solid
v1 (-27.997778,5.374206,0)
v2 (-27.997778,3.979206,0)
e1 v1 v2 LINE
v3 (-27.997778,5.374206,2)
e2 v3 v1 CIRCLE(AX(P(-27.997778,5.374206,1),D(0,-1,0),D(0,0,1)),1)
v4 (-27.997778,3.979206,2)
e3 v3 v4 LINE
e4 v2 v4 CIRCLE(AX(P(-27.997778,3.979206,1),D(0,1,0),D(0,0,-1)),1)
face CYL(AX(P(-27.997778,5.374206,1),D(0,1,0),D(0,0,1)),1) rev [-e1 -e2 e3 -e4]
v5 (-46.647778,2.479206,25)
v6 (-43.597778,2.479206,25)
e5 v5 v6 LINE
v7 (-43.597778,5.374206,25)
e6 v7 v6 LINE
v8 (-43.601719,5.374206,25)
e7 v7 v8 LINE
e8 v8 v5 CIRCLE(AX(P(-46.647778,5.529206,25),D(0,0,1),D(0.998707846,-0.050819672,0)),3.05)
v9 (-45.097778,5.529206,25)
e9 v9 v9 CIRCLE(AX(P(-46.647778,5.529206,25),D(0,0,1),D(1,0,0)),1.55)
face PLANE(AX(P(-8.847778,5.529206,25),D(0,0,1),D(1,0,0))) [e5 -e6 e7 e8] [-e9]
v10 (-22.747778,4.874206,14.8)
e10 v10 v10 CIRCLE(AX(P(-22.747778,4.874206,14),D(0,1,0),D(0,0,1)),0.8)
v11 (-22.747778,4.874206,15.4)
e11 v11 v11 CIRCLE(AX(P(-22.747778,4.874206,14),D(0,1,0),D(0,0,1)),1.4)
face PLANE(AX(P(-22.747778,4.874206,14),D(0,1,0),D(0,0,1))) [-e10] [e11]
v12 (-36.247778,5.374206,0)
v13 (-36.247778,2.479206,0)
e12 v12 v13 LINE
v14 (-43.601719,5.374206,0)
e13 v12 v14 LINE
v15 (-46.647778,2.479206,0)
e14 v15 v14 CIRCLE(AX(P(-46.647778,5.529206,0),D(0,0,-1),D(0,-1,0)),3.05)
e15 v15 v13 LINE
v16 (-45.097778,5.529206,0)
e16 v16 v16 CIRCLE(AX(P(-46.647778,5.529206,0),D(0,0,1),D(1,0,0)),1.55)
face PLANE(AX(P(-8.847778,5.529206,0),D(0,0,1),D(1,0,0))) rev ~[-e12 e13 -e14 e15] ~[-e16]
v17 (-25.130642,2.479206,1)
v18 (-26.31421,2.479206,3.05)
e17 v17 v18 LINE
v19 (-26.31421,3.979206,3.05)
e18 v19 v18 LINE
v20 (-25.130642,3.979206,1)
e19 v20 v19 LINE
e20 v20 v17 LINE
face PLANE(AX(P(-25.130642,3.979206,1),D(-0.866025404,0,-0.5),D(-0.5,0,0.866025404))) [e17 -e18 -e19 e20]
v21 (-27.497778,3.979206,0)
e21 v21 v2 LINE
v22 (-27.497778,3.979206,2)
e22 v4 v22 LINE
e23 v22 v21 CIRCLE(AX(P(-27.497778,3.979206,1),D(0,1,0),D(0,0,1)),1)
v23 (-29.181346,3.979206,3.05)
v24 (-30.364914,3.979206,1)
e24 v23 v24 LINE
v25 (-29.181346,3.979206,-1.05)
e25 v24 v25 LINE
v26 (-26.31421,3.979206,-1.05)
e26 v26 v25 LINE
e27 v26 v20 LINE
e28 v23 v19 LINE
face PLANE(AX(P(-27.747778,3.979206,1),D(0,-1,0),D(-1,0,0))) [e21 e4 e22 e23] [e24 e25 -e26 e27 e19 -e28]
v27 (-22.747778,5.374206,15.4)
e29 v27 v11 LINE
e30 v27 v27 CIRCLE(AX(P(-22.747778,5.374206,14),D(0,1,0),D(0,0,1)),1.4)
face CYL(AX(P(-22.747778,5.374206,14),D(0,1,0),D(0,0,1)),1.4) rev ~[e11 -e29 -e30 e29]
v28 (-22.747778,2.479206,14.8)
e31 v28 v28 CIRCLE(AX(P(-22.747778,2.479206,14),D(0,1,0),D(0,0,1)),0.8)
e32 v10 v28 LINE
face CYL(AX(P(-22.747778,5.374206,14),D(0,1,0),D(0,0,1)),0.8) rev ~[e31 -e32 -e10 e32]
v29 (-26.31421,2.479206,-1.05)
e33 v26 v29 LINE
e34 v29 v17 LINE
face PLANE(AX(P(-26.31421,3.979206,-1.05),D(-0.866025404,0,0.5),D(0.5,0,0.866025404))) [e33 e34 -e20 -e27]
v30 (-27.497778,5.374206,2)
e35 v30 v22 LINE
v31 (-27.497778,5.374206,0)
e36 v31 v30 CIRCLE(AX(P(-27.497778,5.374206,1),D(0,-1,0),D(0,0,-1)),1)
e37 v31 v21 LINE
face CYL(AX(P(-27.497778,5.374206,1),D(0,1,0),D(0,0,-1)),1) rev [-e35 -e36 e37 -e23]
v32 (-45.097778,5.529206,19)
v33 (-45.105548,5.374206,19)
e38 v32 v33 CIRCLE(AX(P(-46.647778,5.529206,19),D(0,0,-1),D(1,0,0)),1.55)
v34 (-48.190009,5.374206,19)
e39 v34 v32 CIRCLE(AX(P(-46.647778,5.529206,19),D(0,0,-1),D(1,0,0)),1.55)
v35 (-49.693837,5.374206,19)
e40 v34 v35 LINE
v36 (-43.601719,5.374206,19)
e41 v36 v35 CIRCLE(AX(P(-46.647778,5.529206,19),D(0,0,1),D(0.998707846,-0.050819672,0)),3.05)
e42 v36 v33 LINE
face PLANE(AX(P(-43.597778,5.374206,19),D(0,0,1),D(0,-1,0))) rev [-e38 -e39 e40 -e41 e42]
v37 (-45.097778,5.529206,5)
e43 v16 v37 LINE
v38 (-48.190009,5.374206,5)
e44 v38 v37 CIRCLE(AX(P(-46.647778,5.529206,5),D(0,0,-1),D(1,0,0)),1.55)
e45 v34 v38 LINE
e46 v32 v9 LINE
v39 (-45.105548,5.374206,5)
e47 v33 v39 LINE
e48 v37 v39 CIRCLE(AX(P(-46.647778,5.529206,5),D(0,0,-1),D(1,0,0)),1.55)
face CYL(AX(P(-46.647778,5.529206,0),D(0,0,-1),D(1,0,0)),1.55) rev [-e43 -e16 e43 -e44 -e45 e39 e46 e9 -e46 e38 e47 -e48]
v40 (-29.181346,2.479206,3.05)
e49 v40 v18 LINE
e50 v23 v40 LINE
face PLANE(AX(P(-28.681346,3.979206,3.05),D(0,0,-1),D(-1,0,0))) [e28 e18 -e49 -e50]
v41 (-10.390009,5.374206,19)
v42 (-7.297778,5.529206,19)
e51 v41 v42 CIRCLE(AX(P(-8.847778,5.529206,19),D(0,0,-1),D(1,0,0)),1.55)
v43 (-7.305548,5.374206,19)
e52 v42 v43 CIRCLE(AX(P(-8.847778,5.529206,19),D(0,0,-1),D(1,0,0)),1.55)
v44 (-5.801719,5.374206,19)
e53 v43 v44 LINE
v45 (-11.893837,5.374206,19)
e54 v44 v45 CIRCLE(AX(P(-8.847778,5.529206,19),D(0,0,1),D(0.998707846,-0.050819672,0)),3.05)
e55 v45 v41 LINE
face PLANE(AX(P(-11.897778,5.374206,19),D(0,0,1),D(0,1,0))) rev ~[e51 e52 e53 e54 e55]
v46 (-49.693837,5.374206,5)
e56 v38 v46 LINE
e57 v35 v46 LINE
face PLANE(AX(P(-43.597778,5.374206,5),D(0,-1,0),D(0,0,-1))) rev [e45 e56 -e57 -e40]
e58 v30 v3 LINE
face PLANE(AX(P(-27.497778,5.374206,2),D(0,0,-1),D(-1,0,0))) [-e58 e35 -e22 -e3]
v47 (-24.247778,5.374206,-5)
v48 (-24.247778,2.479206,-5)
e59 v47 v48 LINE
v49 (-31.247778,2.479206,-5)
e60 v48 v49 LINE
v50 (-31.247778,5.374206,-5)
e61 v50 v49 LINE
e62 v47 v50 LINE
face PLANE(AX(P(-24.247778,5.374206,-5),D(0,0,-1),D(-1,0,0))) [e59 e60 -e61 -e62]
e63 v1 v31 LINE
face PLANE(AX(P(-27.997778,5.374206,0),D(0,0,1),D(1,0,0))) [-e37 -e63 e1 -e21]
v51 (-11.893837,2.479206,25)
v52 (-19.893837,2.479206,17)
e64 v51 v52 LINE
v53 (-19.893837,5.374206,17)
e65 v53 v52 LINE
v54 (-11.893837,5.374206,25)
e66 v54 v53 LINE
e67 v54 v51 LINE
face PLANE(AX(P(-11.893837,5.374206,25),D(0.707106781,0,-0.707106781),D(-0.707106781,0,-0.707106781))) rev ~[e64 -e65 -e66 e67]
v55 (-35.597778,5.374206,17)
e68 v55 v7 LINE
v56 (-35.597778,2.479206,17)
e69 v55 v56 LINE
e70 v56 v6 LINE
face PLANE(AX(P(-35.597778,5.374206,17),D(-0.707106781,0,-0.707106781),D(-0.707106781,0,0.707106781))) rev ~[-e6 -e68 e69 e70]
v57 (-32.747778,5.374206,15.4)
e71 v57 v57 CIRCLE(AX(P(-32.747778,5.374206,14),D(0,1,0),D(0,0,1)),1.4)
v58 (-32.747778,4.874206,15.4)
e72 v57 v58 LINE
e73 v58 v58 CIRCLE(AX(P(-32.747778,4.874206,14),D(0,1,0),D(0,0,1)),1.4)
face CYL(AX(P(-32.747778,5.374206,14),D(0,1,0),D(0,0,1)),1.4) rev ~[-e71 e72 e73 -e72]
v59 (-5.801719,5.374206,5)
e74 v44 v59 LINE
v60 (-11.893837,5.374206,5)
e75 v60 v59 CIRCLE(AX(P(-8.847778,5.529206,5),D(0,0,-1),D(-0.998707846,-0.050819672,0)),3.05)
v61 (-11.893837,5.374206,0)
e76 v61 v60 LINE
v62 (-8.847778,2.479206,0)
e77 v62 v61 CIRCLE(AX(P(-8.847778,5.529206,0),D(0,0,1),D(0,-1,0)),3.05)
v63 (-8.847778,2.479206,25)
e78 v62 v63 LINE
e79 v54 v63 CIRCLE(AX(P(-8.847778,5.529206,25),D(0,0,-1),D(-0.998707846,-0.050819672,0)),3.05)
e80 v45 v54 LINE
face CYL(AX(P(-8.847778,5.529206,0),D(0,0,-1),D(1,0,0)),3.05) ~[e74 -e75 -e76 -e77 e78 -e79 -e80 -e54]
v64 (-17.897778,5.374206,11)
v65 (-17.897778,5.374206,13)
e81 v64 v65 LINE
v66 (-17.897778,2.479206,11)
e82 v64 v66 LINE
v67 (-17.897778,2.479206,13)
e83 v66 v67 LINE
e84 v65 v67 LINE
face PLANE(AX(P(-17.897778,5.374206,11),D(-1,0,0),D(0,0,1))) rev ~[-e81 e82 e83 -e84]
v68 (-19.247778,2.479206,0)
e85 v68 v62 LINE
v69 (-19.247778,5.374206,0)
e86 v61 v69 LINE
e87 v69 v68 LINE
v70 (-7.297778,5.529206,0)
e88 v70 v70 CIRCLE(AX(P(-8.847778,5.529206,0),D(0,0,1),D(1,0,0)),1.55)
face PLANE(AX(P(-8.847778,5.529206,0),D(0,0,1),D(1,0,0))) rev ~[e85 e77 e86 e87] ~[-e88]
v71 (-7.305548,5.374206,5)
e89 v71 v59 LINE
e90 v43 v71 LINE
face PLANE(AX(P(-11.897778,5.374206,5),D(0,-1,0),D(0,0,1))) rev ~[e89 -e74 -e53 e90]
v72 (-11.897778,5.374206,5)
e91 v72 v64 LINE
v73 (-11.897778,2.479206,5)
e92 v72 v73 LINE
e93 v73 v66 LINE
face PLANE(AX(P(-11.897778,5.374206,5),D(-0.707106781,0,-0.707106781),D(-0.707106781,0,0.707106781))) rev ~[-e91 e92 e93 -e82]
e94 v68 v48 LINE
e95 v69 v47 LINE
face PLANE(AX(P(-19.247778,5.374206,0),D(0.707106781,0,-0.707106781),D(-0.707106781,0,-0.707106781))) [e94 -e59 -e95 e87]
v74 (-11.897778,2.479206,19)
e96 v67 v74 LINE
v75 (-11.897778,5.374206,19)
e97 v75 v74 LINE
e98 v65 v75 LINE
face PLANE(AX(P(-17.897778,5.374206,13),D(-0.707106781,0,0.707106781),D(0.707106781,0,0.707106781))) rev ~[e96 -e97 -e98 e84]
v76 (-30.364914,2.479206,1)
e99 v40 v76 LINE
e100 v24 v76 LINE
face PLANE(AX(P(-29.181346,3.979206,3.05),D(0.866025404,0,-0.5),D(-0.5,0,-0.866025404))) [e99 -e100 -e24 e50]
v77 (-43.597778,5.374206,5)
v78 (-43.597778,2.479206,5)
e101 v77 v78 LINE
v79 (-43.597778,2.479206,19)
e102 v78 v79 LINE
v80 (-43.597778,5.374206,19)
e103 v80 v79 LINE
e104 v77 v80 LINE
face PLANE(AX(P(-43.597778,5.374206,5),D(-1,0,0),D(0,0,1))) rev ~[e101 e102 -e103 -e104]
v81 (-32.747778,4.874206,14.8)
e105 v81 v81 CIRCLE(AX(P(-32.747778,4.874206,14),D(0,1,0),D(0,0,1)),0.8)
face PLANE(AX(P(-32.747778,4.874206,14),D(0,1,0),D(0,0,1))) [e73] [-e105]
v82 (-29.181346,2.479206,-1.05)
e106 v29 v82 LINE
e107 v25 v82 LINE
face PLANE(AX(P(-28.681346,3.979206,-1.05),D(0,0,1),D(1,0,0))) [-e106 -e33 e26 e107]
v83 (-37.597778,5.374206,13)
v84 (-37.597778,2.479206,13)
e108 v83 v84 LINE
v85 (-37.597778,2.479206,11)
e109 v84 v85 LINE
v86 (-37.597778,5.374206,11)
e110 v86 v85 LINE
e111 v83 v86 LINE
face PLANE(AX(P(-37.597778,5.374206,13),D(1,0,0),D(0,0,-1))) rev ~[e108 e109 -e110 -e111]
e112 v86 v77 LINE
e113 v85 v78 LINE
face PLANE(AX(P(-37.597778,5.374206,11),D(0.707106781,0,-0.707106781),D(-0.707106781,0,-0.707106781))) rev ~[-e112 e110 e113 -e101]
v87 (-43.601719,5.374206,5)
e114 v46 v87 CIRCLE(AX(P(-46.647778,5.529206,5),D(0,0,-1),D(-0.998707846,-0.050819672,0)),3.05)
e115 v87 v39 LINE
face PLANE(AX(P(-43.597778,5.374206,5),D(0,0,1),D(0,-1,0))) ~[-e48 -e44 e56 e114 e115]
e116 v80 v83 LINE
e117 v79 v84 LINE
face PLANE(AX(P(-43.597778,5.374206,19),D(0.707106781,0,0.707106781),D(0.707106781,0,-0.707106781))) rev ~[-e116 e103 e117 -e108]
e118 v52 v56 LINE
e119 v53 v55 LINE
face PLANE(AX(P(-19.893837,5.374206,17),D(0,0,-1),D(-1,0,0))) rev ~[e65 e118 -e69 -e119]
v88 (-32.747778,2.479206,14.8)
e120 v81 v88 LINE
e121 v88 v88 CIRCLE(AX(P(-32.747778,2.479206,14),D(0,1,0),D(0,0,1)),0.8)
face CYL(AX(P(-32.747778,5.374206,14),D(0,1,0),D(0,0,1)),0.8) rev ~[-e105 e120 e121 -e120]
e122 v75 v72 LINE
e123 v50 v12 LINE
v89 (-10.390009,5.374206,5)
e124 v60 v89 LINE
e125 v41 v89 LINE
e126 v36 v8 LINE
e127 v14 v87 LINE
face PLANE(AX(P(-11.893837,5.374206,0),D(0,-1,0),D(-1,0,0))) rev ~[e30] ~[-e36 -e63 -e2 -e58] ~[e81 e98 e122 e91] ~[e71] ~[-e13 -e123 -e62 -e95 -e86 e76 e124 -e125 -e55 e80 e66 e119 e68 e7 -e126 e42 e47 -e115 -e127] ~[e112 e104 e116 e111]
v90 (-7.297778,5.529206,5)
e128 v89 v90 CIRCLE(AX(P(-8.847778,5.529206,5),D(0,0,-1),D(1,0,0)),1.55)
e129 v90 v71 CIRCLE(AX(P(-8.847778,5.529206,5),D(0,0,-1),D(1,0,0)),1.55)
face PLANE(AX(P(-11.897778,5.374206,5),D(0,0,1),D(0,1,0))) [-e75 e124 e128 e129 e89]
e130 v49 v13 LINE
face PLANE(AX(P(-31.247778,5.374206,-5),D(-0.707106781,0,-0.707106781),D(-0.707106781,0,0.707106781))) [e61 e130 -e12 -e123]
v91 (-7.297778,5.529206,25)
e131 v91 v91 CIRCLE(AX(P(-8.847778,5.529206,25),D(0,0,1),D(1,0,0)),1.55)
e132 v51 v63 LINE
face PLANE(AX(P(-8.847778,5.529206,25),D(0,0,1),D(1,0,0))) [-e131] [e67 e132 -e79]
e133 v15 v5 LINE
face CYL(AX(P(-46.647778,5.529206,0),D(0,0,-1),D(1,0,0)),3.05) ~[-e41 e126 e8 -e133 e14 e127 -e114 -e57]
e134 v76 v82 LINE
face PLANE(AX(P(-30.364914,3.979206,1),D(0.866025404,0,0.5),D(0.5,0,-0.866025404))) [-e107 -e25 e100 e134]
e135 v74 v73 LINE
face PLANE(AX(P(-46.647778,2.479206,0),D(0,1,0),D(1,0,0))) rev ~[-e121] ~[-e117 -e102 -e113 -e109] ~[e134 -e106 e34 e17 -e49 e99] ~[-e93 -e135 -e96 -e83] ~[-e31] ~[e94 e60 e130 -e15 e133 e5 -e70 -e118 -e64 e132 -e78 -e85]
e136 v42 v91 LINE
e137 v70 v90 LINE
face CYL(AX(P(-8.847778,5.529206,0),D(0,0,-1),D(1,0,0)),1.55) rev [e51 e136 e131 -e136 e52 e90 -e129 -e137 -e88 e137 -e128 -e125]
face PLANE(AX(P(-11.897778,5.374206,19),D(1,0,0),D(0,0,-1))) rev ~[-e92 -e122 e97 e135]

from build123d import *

# Parameters (mm, degrees)
SKETCH_1_R           = 3.05
SKETCH_1_R_2         = 1.55
EXTRUDE_1_DEPTH      = 25
EXTRUDE_2_DEPTH      = 2.895
CUT_EXTRUDE_1_DEPTH  = 56.72379366
CUT_EXTRUDE_START    = -1.5
CUT_EXTRUDE_4_DEPTH  = 1.5
SKETCH_6_R           = 0.8
CUT_EXTRUDE_5_DEPTH  = 56.72379366
CUT_EXTRUDE_6_DEPTH  = 56.72379366
SKETCH_9_W           = 14
SKETCH_9_H           = 3.205
CUT_EXTRUDE_9_DEPTH  = 47.124210282
SKETCH_10_R          = 1.4
CUT_EXTRUDE_11_DEPTH = 0.5


with BuildPart() as part:
    # 草图1 → 凸台-拉伸1 (new body)
    # profile 1 of 3: a face of its own
    with BuildSketch(Plane.XY):
        with Locations((-46.647778168, 5.529205914)):
            Circle(SKETCH_1_R)
        with Locations((-46.647778168, 5.529205914)):
            Circle(SKETCH_1_R_2, mode=Mode.SUBTRACT)
    # profile 2 of 3: a face of its own
    with BuildSketch(Plane.XY):
        with BuildLine():
            ThreePointArc((-43.601719239, 5.374205914), (-44.546617774, 3.318408546), (-46.647778168, 2.479205914))
            Line((-46.647778168, 2.479205914), (-8.847778168, 2.479205914))
            ThreePointArc((-8.847778168, 2.479205914), (-10.948938561, 3.318408546), (-11.893837097, 5.374205914))
            Line((-11.893837097, 5.374205914), (-43.601719239, 5.374205914))
        make_face()
    # profile 3 of 3: a face of its own
    with BuildSketch(Plane.XY):
        with Locations((-8.847778168, 5.529205914)):
            Circle(SKETCH_1_R)
        with Locations((-8.847778168, 5.529205914)):
            Circle(SKETCH_1_R_2, mode=Mode.SUBTRACT)
    extrude(amount=EXTRUDE_1_DEPTH)

    # 草图2 → 凸台-拉伸2 (add)
    with BuildSketch(Plane(origin=(0, 5.374205914, 0), x_dir=(1, 0, 0), z_dir=(0, 1, 0))):
        Polygon((-19.247778168, 0), (-24.247778168, 5), (-31.247778168, 5), (-36.247778168, 0), align=None)
    extrude(amount=-EXTRUDE_2_DEPTH)

    # 草图3 → 切除-拉伸1 (cut, through all)
    with BuildSketch(Plane(origin=(0, 5.374205914, 0), x_dir=(1, 0, 0), z_dir=(0, 1, 0))):
        with BuildLine():
            Line((-27.997778168, 0), (-27.497778168, 0))
            ThreePointArc((-27.497778168, 0), (-26.497778168, -1), (-27.497778168, -2))
            Line((-27.497778168, -2), (-27.997778168, -2))
            ThreePointArc((-27.997778168, -2), (-28.997778168, -1), (-27.997778168, 0))
        make_face()
    extrude(amount=-CUT_EXTRUDE_1_DEPTH, mode=Mode.SUBTRACT)

    # 草图5 → 切除-拉伸4 (cut)
    # profile 1 of 3: a face of its own
    with BuildSketch(Plane(origin=(0, 2.479205914, 0), x_dir=(-1, 0, 0), z_dir=(0, -1, 0)).offset(CUT_EXTRUDE_START)):
        Polygon((25.630642064, -1), (26.814210116, 1.05), (26.314210116, 1.05), (25.130642064, -1), (26.314210116, -3.05), (26.814210116, -3.05), align=None)
    # profile 2 of 3: a face of its own
    with BuildSketch(Plane(origin=(0, 2.479205914, 0), x_dir=(-1, 0, 0), z_dir=(0, -1, 0)).offset(CUT_EXTRUDE_START)):
        Polygon((28.68134622, -3.05), (29.864914271, -1), (28.68134622, 1.05), (26.814210116, 1.05), (25.630642064, -1), (26.814210116, -3.05), align=None)
        with BuildLine():
            ThreePointArc((27.497778168, -2), (26.497778168, -1), (27.497778168, 0))
            Line((27.497778168, 0), (27.997778168, 0))
            ThreePointArc((27.997778168, 0), (28.997778168, -1), (27.997778168, -2))
            Line((27.997778168, -2), (27.497778168, -2))
        make_face(mode=Mode.SUBTRACT)
    # profile 3 of 3: a face of its own
    with BuildSketch(Plane(origin=(0, 2.479205914, 0), x_dir=(-1, 0, 0), z_dir=(0, -1, 0)).offset(CUT_EXTRUDE_START)):
        Polygon((28.68134622, 1.05), (29.864914271, -1), (28.68134622, -3.05), (29.18134622, -3.05), (30.364914271, -1), (29.18134622, 1.05), align=None)
    extrude(amount=CUT_EXTRUDE_4_DEPTH, mode=Mode.SUBTRACT)

    # 草图6 → 切除-拉伸5 (cut, through all)
    with BuildSketch(Plane(origin=(0, 5.374205914, 0), x_dir=(1, 0, 0), z_dir=(0, 1, 0))):
        with Locations(Location((-32.747778168, -14, 0), (0, 0, 270))):
            Circle(SKETCH_6_R)
        with Locations(Location((-22.747778168, -14, 0), (0, 0, 270))):
            Circle(SKETCH_6_R)
    extrude(amount=-CUT_EXTRUDE_5_DEPTH, mode=Mode.SUBTRACT)

    # 草图7 → 切除-拉伸6 (cut, through all)
    with BuildSketch(Plane(origin=(0, 5.374205914, 0), x_dir=(1, 0, 0), z_dir=(0, 1, 0))):
        Polygon((-35.597778168, -17), (-43.597778168, -25), (-11.893837097, -25), (-19.893837097, -17), align=None)
        Polygon((-37.597778168, -13), (-37.597778168, -11), (-43.597778168, -5), (-43.597778168, -19), align=None)
        Polygon((-11.897778168, -5), (-17.897778168, -11), (-17.897778168, -13), (-11.897778168, -19), align=None)
    extrude(amount=-CUT_EXTRUDE_6_DEPTH, mode=Mode.SUBTRACT)

    # 草图9 → 切除-拉伸9 (cut, through all)
    with BuildSketch(Plane.ZY.offset(11.897778168)):
        with Locations((12, 6.976705914)):
            Rectangle(SKETCH_9_W, SKETCH_9_H)
    cut_extrude_9 = extrude(amount=-CUT_EXTRUDE_9_DEPTH, mode=Mode.SUBTRACT)

    # 镜向1: 切除-拉伸9 across plane
    add(cut_extrude_9.mirror(Plane(origin=(-27.747778168, 0, 0), x_dir=(0, 0, 1), z_dir=(1, 0, 0))), mode=Mode.SUBTRACT)

    # 草图10 → 切除-拉伸11 (cut)
    with BuildSketch(Plane(origin=(0, 5.374205914, 0), x_dir=(1, 0, 0), z_dir=(0, 1, 0))):
        with Locations(Location((-22.747778168, -14, 0), (0, 0, 270))):
            Circle(SKETCH_10_R)
        with Locations(Location((-32.747778168, -14, 0), (0, 0, 270))):
            Circle(SKETCH_10_R)
    extrude(amount=-CUT_EXTRUDE_11_DEPTH, mode=Mode.SUBTRACT)


solid = part.part
